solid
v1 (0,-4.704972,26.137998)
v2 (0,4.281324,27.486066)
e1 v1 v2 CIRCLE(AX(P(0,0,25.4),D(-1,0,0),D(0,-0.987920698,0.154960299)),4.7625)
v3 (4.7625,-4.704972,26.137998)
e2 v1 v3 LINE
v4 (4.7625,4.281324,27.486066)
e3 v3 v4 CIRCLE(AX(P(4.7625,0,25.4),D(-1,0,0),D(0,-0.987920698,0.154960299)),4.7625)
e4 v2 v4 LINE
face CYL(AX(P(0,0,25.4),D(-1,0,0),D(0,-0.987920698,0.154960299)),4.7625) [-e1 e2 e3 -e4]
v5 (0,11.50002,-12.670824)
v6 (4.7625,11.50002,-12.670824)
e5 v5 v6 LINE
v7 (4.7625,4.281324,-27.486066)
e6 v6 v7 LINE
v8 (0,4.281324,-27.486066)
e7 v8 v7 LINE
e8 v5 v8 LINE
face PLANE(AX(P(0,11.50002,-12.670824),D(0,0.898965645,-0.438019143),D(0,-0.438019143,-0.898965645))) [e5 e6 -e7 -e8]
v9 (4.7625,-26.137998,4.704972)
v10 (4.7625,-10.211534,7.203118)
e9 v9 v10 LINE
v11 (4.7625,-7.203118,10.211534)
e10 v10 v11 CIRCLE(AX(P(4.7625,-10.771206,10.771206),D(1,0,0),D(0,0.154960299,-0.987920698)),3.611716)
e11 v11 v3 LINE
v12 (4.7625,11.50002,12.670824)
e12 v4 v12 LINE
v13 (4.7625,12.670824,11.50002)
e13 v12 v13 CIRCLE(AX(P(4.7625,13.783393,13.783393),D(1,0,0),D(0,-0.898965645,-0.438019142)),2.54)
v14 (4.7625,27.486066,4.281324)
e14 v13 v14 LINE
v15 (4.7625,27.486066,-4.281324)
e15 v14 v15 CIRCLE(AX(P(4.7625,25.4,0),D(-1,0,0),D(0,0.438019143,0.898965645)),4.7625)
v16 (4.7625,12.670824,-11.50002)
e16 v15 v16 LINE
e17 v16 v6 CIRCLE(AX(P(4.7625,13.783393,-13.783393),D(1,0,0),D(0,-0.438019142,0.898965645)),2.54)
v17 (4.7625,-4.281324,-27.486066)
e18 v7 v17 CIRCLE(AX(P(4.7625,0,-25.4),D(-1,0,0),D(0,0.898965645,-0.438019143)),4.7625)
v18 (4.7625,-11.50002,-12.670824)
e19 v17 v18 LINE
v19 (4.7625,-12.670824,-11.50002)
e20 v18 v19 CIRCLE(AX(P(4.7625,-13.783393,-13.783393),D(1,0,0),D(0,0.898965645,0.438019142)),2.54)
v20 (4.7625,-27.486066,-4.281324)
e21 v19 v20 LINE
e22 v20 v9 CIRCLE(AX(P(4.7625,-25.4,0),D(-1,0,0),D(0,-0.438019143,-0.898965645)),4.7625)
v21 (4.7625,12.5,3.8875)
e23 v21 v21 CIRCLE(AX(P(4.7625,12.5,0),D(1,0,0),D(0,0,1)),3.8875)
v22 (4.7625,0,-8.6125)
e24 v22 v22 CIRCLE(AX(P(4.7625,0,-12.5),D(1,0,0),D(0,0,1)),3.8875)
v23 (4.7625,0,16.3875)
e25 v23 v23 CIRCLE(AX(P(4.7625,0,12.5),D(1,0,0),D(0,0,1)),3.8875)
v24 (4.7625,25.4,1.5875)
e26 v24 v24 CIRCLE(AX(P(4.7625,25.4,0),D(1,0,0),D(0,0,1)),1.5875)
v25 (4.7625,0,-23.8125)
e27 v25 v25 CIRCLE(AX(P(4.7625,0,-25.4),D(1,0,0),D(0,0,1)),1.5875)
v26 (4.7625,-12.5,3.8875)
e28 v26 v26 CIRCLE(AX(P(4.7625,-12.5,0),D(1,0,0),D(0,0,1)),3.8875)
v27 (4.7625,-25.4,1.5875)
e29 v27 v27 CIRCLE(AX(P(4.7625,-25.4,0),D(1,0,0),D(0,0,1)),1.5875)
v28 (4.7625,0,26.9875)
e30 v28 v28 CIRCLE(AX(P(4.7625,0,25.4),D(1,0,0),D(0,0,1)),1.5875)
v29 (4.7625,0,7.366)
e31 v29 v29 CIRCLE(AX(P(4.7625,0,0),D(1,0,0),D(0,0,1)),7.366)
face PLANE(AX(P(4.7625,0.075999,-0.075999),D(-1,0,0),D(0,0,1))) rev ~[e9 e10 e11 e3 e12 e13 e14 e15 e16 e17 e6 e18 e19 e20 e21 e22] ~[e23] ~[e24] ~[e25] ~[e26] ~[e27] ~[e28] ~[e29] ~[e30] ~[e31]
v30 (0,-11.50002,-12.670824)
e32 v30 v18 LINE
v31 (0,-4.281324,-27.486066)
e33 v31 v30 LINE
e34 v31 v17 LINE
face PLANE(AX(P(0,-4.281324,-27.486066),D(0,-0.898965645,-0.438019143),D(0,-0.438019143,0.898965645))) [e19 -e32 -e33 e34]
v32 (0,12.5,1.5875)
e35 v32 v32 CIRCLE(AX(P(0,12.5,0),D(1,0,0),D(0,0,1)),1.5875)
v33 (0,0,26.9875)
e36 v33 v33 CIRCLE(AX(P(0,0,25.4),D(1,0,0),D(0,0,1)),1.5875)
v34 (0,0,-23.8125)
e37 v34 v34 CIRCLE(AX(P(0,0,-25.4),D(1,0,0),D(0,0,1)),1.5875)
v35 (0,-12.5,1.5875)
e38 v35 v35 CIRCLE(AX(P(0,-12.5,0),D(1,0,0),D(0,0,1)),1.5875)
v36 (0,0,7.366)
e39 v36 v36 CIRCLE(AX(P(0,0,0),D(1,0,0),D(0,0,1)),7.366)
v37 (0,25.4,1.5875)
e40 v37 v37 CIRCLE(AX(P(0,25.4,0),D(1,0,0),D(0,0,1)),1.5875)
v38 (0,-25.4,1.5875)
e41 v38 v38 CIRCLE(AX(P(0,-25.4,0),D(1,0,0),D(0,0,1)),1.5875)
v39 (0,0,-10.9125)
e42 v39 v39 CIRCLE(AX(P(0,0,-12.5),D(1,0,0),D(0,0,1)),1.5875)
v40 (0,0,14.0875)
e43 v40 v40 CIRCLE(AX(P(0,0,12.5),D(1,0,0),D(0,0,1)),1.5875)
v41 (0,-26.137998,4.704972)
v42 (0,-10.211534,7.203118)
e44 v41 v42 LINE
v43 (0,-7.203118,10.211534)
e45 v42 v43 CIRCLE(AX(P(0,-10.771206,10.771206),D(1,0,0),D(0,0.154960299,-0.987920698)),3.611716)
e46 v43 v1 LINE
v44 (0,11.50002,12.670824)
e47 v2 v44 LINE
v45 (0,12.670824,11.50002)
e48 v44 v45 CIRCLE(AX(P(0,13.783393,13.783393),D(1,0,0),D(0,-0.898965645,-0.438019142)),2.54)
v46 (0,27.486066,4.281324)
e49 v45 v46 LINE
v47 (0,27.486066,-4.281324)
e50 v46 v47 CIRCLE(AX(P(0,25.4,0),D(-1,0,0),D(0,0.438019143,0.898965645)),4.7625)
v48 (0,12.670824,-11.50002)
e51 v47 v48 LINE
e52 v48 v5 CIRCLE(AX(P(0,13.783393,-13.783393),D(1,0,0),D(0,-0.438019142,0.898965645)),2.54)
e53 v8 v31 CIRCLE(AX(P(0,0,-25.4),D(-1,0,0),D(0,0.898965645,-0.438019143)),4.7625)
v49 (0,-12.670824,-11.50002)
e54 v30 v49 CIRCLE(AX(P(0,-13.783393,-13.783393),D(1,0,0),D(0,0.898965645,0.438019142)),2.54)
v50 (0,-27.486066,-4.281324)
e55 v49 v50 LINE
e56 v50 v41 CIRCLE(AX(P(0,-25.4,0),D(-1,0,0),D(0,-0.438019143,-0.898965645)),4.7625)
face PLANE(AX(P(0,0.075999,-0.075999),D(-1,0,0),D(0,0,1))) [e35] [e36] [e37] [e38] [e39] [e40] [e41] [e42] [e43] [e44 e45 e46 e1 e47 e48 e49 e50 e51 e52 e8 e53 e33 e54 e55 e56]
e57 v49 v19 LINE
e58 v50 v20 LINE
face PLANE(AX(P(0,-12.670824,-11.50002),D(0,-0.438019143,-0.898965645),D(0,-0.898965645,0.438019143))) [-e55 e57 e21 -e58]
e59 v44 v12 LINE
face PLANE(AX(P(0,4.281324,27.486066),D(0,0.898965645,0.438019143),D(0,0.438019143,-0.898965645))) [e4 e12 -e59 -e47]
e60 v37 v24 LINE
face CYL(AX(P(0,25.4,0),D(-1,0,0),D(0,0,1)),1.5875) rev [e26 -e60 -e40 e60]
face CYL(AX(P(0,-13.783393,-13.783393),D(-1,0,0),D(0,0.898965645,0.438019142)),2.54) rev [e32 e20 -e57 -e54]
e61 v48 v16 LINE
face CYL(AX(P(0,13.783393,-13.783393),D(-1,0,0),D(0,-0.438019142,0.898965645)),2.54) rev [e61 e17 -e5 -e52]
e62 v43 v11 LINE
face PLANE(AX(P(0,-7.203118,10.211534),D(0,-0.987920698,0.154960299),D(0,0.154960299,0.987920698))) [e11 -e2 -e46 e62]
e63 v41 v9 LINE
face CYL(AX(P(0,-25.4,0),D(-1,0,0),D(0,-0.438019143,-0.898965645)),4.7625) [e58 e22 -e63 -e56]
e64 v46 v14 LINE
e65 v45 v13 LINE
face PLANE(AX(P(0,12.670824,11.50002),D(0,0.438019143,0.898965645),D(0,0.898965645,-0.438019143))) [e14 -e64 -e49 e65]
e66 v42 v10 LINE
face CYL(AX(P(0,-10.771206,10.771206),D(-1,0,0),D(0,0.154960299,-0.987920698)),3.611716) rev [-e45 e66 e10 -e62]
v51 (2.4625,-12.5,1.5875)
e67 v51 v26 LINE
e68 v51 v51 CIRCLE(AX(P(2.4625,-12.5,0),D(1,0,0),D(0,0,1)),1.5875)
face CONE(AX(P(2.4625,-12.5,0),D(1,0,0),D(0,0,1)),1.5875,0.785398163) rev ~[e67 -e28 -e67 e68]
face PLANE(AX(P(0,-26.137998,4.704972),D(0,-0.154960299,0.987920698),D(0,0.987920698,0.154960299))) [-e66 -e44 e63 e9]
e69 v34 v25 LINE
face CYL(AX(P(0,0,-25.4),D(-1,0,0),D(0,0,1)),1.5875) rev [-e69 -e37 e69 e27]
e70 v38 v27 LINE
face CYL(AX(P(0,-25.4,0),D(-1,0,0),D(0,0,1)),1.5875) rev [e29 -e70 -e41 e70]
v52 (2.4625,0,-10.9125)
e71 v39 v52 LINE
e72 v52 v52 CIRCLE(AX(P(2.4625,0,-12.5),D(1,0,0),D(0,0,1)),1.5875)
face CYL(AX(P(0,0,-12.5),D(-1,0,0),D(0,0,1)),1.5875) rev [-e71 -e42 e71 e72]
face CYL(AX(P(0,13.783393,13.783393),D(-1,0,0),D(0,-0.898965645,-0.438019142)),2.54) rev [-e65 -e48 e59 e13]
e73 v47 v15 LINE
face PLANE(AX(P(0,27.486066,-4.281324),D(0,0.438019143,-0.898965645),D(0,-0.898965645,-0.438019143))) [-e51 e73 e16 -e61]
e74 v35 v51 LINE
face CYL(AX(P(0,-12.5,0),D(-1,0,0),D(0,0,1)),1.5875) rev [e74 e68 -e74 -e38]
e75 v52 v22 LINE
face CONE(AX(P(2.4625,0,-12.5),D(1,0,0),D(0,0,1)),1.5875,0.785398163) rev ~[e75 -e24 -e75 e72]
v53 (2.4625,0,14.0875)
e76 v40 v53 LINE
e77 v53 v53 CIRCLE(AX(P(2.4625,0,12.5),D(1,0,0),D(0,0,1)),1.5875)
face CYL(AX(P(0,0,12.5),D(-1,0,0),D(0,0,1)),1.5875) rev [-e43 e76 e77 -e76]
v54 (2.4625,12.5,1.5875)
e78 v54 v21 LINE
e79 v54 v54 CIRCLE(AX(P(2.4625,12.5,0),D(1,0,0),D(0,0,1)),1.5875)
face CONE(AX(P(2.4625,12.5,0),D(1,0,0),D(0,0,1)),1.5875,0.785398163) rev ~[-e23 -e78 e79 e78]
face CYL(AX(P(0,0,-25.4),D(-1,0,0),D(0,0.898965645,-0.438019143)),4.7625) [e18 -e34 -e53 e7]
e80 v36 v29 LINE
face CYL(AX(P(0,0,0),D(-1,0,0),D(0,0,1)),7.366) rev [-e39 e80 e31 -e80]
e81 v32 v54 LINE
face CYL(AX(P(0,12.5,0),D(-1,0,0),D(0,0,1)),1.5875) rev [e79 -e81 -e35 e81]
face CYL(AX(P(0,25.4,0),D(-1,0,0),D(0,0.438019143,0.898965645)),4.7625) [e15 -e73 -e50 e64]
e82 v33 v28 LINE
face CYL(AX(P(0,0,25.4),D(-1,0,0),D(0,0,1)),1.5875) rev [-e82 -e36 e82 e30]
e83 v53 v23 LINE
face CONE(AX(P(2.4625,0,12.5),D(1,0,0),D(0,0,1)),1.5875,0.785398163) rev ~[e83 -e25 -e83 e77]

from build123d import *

# Parameters (mm, degrees)
SKETCH1_R           = 7.366
SKETCH1_R_2         = 1.5875
BOSS_EXTRUDE1_DEPTH = 4.7625
CHAMFER1_SIZE       = 2.3


with BuildPart() as part:
    # Sketch1 → Boss-Extrude1 (new body)
    with BuildSketch(Plane(origin=(0, 0, 0), x_dir=(0, 0, -1), z_dir=(1, 0, 0))):
        with BuildLine():
            Line((4.281323883, 27.486066169), (11.500019866, 12.67082398))
            ThreePointArc((11.500019866, 12.67082398), (11.987341379, 11.987341379), (12.67082398, 11.500019866))
            Line((12.67082398, 11.500019866), (27.486066169, 4.281323883))
            ThreePointArc((27.486066169, 4.281323883), (30.1625, 0), (27.486066169, -4.281323883))
            Line((27.486066169, -4.281323883), (12.67082398, -11.500019866))
            ThreePointArc((12.67082398, -11.500019866), (11.987341379, -11.987341379), (11.500019866, -12.67082398))
            Line((11.500019866, -12.67082398), (4.281323883, -27.486066169))
            ThreePointArc((4.281323883, -27.486066169), (-0.706534615, -30.109799899), (-4.704972325, -26.137998423))
            Line((-4.704972325, -26.137998423), (-7.203117872, -10.211533956))
            ThreePointArc((-7.203117872, -10.211533956), (-8.217337882, -8.217337882), (-10.211533956, -7.203117872))
            Line((-10.211533956, -7.203117872), (-26.137998423, -4.704972325))
            ThreePointArc((-26.137998423, -4.704972325), (-30.109799899, -0.706534615), (-27.486066169, 4.281323883))
            Line((-27.486066169, 4.281323883), (-12.67082398, 11.500019866))
            ThreePointArc((-12.67082398, 11.500019866), (-11.987341379, 11.987341379), (-11.500019866, 12.67082398))
            Line((-11.500019866, 12.67082398), (-4.281323883, 27.486066169))
            ThreePointArc((-4.281323883, 27.486066169), (0, 30.1625), (4.281323883, 27.486066169))
        make_face()
        with Locations(Location((0, 0, 0), (0, 0, 180))):
            Circle(SKETCH1_R, mode=Mode.SUBTRACT)
        with Locations(Location((0, 25.4, 0), (0, 0, 180))):
            Circle(SKETCH1_R_2, mode=Mode.SUBTRACT)
        with Locations(Location((0, 12.5, 0), (0, 0, 180))):
            Circle(SKETCH1_R_2, mode=Mode.SUBTRACT)
        with Locations(Location((12.5, 0, 0), (0, 0, 180))):
            Circle(SKETCH1_R_2, mode=Mode.SUBTRACT)
        with Locations(Location((25.4, 0, 0), (0, 0, 180))):
            Circle(SKETCH1_R_2, mode=Mode.SUBTRACT)
        with Locations(Location((0, -12.5, 0), (0, 0, 180))):
            Circle(SKETCH1_R_2, mode=Mode.SUBTRACT)
        with Locations(Location((0, -25.4, 0), (0, 0, 180))):
            Circle(SKETCH1_R_2, mode=Mode.SUBTRACT)
        with Locations(Location((-12.5, 0, 0), (0, 0, 180))):
            Circle(SKETCH1_R_2, mode=Mode.SUBTRACT)
        with Locations(Location((-25.4, 0, 0), (0, 0, 180))):
            Circle(SKETCH1_R_2, mode=Mode.SUBTRACT)
    extrude(amount=BOSS_EXTRUDE1_DEPTH)

    # Chamfer1
    chamfer1_edges = [part.edges().sort_by_distance(p)[0] for p in [
        (4.7625, 0, -14.0875),
        (4.7625, 12.5, -1.5875),
        (4.7625, 0, 10.9125),
        (4.7625, -12.5, -1.5875),
    ]]
    chamfer(chamfer1_edges, length=CHAMFER1_SIZE)


solid = part.part
